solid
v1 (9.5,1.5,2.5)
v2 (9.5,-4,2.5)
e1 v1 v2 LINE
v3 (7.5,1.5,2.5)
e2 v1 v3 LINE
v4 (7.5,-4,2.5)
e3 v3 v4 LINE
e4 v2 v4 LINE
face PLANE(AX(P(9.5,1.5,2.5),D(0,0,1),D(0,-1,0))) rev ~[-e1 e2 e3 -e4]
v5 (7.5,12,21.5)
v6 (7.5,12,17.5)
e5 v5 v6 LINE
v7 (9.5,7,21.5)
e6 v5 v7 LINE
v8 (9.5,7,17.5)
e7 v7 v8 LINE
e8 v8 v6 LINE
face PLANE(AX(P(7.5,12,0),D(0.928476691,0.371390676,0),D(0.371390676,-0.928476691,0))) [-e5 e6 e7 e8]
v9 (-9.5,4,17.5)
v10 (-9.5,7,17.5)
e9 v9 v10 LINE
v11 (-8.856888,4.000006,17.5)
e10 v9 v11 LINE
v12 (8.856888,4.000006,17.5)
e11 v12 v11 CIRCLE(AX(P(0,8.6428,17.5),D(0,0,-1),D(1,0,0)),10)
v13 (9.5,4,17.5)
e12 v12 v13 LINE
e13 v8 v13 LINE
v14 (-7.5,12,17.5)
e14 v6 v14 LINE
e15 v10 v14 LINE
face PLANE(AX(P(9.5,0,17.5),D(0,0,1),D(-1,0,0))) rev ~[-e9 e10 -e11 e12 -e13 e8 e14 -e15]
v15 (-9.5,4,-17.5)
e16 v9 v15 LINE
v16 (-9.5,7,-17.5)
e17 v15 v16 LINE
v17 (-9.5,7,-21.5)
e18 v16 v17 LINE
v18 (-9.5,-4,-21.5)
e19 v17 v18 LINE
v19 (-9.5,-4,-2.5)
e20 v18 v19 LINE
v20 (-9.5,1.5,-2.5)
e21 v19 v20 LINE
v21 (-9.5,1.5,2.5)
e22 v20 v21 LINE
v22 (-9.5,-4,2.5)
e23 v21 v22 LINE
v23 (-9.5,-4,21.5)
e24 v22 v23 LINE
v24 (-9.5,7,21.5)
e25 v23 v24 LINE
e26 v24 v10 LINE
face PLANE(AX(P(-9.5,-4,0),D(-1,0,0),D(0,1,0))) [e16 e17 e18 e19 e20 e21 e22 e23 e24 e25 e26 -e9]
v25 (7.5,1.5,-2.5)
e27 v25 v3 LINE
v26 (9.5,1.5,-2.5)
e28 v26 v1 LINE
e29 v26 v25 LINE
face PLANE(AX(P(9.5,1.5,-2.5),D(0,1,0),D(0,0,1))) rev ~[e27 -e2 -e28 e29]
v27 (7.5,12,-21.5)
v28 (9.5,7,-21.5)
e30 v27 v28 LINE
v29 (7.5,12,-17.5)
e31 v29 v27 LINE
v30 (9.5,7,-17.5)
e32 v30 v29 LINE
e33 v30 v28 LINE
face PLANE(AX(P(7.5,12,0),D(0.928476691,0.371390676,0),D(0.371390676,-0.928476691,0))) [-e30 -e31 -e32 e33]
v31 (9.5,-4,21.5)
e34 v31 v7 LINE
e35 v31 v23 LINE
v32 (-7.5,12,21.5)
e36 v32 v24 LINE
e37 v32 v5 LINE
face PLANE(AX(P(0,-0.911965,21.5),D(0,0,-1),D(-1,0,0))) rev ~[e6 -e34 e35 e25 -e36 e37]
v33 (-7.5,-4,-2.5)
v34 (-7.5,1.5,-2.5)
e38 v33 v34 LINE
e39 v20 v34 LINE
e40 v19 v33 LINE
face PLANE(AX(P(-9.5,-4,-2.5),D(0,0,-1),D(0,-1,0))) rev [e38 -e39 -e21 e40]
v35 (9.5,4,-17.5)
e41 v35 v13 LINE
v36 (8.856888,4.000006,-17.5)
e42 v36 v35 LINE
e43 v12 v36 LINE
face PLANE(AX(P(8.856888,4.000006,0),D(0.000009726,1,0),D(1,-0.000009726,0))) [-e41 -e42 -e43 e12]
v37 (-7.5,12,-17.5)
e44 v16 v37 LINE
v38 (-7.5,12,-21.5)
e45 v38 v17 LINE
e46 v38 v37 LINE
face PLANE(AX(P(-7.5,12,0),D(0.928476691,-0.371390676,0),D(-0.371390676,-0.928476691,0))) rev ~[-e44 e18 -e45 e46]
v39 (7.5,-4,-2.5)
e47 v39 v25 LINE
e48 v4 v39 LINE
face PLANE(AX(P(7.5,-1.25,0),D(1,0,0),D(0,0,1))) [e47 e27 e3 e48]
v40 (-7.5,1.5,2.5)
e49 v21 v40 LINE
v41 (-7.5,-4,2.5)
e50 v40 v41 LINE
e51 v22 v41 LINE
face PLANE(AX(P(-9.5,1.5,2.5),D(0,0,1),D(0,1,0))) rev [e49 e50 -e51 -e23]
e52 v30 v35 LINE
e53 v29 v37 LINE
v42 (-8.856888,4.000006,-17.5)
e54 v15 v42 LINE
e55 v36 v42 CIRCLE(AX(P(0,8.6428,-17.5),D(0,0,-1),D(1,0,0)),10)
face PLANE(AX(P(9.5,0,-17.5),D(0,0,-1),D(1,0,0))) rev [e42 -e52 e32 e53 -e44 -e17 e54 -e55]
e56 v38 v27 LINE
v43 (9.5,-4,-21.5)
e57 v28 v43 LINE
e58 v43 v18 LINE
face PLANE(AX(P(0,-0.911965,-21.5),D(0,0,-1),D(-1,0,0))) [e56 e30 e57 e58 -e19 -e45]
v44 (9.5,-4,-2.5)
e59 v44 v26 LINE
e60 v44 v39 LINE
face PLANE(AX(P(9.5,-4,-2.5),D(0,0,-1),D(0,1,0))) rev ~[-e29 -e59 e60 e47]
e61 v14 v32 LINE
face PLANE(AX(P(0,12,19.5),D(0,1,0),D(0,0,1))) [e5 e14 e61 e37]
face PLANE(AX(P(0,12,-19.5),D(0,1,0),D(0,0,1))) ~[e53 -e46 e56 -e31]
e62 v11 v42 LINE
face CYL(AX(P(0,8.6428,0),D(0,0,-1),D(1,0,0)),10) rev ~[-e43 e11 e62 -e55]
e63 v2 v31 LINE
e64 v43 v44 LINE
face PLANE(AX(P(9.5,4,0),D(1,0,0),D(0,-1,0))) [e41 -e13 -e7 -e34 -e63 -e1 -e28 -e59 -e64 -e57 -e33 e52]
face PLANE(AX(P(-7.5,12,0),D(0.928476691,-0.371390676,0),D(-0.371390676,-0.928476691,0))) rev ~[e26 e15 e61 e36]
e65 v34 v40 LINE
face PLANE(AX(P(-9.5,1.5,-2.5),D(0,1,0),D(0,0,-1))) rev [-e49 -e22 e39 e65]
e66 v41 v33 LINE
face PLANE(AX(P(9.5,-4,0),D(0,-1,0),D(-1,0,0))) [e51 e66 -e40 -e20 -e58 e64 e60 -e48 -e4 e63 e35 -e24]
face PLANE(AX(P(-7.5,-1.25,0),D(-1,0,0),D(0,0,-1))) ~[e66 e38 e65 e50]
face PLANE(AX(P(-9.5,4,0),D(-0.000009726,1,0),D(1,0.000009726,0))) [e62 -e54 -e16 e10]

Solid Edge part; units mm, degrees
sketch "Sketch1" plane through (0, 0, 0) normal (0, 0, 1) x (1, 0, 0)
  line L0 (-9.5, -4) -> (-9.5, 4)
  line L1 (-9.5, 4) -> (-8.8569, 4)
  line L2 (8.8569, 4) -> (9.5, 4)
  line L3 (9.5, 4) -> (9.5, -4)
  line L4 (9.5, -4) -> (-9.5, -4)
  arc A0 (8.8569, 4) -> (-8.8569, 4) centre (0, 8.6428) cw
extrude "Protrusion1" add sketch "Sketch1" along normal mid plane 43
sketch "Sketch2" plane through (0, 0, 0) normal (0, -1, 0) x (1, 0, 0)
  line L0 (9.5, 17.5) -> (-9.5, 17.5)
  line L1 (-9.5, 17.5) -> (-9.5, 21.5)
  line L2 (-9.5, 21.5) -> (9.5, 21.5)
  line L3 (9.5, 21.5) -> (9.5, 17.5)
extrude "ExtrudedProtrusion_2" add sketch "Sketch2" against normal blind 12 and the other way blind 2.4828
mirror "Mirror1" about plane through (0, 0, 0) normal (0, 0, 1) of "ExtrudedProtrusion_2"
sketch "Sketch3" plane through (0, 0, 0) normal (0, 0, 1) x (1, 0, 0)
  line L0 (9.5, 7) -> (9.5, 12)
  line L1 (9.5, 12) -> (7.5, 12)
  line L2 (7.5, 12) -> (9.5, 7)
  line L3 (-7.5, 12) -> (-9.5, 7)
  line L4 (-9.5, 7) -> (-9.5, 12)
  line L5 (-9.5, 12) -> (-7.5, 12)
  dimension "D1" = 2
  dimension "D2" = 5
  dimension "D3" = 2
  dimension "D4" = 5
extrude "Cutout1" cut sketch "Sketch3" along normal through all and the other way through all
sketch "Sketch4" plane through (9.5, 1.5, 0) normal (1, 0, 0) x (0, 0, -1)
  line L0 (2.5, -5.5) -> (2.5, 0)
  line L1 (2.5, 0) -> (-2.5, 0)
  line L2 (-2.5, 0) -> (-2.5, -5.5)
  line L3 (-2.5, -5.5) -> (2.5, -5.5)
extrude "ExtrudedCutout_2" cut sketch "Sketch4" against normal blind 2
mirror "Mirror2" about plane through (0, 0, 0) normal (1, 0, 0) of "ExtrudedCutout_2"
